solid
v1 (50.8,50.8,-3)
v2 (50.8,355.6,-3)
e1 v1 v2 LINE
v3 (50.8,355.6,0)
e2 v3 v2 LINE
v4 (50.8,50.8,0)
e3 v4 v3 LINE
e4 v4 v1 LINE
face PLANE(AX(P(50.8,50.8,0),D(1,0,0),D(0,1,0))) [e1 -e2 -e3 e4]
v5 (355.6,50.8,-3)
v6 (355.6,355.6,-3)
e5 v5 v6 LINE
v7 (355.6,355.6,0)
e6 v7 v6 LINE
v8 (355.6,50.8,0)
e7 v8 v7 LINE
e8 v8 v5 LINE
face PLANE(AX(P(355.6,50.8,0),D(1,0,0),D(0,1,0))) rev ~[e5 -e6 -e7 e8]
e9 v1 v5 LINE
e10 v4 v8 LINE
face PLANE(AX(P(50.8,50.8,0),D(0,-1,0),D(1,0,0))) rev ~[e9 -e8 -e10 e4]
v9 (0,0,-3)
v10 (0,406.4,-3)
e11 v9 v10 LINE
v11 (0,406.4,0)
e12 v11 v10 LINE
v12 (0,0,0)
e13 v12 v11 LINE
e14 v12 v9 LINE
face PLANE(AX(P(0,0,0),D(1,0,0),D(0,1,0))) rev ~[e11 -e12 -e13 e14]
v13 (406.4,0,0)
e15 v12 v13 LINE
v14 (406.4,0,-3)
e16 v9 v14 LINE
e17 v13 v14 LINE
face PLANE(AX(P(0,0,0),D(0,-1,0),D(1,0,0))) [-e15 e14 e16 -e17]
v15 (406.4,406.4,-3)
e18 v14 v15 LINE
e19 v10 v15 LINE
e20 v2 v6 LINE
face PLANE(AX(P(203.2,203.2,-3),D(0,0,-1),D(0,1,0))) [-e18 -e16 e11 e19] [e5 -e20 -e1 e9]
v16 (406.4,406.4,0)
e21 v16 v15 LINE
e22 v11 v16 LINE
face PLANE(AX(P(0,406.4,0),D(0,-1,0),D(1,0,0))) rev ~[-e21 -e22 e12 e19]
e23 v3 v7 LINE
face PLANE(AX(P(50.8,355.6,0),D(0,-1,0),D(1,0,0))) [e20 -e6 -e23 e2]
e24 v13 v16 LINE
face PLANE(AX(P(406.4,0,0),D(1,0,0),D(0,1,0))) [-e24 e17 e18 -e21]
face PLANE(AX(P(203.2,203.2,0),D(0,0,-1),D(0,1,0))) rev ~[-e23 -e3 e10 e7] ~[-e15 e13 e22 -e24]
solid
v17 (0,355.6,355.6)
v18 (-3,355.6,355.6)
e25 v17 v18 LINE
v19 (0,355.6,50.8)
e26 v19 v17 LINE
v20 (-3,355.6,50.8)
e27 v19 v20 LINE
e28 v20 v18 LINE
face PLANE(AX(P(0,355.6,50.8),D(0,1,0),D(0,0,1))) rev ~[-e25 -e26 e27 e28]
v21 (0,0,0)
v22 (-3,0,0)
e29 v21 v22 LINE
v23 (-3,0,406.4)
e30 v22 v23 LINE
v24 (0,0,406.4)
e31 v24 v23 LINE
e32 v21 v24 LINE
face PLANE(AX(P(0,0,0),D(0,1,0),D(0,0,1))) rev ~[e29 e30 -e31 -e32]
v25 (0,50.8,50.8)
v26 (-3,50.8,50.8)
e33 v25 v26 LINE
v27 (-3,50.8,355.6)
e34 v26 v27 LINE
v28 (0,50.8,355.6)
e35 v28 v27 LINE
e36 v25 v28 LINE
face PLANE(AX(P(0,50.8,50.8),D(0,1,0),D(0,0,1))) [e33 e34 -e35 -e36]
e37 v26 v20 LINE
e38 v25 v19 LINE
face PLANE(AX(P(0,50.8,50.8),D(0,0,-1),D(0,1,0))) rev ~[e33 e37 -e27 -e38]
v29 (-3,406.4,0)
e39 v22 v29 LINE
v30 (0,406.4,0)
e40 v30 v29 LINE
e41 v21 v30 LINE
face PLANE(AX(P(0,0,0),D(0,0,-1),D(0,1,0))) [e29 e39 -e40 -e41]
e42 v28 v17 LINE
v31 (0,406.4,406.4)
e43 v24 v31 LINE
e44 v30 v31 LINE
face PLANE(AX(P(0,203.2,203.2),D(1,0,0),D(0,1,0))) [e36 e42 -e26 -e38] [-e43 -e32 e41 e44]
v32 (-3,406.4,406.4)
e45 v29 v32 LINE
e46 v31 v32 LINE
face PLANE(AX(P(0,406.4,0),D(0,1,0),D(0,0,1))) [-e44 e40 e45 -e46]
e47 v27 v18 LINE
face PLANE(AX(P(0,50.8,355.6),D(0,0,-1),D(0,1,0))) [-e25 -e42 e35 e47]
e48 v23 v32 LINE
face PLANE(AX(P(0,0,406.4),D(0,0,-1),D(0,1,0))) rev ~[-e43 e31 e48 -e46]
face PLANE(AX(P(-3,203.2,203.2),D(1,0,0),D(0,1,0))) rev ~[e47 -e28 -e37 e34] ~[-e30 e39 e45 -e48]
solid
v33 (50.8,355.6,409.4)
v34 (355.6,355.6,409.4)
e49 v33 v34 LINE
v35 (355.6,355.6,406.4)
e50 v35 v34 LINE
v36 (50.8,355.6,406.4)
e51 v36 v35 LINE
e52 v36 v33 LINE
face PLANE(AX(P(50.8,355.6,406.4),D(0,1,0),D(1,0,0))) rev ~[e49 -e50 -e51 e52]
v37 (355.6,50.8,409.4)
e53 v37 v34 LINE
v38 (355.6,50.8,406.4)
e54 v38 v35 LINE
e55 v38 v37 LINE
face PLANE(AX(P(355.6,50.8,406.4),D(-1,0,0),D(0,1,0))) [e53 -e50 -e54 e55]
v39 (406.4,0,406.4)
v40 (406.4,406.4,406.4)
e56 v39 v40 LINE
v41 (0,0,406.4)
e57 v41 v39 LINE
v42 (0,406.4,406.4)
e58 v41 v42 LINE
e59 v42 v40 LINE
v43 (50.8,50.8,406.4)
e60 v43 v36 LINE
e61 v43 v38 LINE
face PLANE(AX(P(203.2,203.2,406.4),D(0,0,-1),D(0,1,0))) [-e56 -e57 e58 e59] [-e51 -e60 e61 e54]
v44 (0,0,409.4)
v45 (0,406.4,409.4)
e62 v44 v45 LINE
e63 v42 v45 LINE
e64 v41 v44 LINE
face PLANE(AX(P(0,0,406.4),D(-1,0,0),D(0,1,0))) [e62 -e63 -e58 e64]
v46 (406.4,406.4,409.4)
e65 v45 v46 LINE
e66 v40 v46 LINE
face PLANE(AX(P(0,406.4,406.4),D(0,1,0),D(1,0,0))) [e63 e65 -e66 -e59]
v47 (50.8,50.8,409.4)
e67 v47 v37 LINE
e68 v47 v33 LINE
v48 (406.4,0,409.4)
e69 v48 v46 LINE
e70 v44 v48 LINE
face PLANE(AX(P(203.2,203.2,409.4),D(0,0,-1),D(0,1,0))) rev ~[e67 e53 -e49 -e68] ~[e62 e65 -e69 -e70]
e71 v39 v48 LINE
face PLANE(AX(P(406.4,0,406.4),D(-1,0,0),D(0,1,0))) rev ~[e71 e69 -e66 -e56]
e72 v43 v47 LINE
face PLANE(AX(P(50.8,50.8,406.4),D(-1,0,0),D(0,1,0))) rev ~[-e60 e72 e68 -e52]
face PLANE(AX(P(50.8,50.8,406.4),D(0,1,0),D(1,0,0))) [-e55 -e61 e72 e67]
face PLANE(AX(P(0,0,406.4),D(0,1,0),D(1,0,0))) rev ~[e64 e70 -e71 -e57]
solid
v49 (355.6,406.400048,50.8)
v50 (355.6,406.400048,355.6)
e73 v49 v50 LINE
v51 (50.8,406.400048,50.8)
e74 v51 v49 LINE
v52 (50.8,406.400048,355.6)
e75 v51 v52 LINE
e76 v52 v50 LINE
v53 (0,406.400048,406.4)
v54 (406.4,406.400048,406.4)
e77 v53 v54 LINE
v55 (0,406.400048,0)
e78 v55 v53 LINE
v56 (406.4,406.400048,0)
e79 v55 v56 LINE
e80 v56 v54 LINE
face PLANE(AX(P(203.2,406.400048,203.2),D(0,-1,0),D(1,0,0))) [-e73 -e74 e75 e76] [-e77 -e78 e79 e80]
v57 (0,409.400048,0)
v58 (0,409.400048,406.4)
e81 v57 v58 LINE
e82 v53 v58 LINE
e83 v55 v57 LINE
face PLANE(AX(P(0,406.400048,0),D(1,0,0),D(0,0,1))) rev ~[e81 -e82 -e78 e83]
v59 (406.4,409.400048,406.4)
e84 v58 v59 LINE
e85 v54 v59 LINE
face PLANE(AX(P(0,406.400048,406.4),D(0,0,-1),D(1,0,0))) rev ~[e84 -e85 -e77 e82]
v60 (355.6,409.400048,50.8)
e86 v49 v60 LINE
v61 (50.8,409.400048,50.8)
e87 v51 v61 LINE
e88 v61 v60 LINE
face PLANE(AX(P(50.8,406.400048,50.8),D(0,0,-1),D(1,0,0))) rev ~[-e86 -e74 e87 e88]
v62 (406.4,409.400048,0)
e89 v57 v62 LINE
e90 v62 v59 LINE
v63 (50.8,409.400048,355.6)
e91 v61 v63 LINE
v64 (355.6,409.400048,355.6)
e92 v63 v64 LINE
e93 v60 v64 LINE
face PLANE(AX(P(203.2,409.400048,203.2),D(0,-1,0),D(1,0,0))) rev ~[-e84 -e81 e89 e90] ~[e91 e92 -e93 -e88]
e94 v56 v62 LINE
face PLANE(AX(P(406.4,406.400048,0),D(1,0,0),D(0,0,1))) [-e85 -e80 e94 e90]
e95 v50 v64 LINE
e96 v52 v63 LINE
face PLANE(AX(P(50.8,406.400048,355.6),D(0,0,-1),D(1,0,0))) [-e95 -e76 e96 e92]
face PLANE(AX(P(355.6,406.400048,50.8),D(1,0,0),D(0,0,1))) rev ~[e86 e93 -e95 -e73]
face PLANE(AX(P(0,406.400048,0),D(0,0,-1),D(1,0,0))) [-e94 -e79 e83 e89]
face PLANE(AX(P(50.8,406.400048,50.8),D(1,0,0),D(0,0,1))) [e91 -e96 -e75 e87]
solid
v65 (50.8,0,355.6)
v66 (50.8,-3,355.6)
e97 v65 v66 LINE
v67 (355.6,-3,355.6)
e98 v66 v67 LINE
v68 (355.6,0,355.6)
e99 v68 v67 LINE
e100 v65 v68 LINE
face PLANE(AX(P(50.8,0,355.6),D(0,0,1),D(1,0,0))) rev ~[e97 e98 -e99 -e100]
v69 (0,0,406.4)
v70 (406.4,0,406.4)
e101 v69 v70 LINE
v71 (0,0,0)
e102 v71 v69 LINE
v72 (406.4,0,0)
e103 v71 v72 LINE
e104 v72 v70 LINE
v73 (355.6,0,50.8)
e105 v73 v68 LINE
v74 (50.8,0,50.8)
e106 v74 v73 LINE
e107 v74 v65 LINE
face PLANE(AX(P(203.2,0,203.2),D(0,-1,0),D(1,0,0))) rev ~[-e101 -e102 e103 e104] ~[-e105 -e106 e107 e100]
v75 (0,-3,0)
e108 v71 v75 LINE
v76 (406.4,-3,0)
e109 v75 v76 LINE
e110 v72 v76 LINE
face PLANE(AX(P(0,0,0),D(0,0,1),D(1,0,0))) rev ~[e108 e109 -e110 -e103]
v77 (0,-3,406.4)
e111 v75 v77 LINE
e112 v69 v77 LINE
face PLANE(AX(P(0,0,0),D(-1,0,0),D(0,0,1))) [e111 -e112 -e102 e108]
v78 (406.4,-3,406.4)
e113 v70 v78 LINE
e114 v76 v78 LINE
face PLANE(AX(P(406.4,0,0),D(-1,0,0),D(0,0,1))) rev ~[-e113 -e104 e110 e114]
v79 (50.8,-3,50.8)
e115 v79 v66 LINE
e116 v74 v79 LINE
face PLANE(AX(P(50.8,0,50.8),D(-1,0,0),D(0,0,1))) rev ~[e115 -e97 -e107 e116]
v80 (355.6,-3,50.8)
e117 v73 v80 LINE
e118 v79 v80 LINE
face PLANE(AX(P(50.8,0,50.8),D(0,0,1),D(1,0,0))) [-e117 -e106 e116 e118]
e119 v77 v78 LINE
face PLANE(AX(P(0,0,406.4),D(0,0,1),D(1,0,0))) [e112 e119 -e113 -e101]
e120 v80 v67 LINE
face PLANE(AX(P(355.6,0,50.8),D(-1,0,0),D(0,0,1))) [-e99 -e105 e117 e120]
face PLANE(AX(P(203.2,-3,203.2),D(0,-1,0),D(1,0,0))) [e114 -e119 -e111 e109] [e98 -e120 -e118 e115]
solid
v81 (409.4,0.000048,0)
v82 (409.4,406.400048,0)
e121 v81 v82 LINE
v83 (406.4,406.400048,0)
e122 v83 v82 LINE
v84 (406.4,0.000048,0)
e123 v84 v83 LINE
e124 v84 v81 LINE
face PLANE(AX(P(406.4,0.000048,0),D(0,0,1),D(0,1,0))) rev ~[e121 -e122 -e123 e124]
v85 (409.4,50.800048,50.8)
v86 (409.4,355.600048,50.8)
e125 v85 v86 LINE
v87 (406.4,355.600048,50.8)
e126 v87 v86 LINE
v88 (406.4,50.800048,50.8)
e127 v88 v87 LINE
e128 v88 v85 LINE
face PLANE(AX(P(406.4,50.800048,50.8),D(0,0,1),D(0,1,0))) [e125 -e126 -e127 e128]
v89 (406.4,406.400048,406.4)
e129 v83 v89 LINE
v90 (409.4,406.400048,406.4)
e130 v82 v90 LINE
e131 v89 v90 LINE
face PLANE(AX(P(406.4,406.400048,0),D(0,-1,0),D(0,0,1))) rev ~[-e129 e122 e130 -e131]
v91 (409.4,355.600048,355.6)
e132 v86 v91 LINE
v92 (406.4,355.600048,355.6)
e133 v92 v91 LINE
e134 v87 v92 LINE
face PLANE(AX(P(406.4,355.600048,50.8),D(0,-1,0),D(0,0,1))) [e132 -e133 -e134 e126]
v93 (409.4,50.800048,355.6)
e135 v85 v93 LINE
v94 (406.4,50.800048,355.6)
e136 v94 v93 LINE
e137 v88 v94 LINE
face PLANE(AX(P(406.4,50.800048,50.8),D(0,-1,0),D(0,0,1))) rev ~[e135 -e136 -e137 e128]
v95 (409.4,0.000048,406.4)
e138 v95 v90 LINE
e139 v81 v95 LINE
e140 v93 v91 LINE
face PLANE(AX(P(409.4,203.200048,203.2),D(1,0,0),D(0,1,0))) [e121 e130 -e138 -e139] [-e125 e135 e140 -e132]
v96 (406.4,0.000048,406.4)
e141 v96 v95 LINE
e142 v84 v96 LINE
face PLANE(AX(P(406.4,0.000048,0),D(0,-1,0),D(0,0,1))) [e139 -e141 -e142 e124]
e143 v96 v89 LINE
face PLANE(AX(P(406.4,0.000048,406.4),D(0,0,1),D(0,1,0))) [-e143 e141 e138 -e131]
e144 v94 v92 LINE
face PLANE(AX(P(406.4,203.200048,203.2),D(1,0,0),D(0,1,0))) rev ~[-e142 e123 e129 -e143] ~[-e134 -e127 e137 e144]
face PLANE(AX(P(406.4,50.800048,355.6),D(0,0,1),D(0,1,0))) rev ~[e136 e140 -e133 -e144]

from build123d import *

# Parameters (mm, degrees)
SKETCH001_W   = 406.4
SKETCH001_H   = 406.4
SKETCH001_W_2 = 304.8
SKETCH001_H_2 = 304.8
PAD_DEPTH     = 3
SKETCH005_W   = 406.4
SKETCH005_H   = 406.4
SKETCH005_W_2 = 304.8
SKETCH005_H_2 = 304.8
PAD001_DEPTH  = 3
SKETCH002_W   = 406.4
SKETCH002_H   = 406.4
SKETCH002_W_2 = 304.8
SKETCH002_H_2 = 304.8
PAD002_DEPTH  = 3
SKETCH_W      = 406.4
SKETCH_H      = 406.4
SKETCH_W_2    = 304.8
SKETCH_H_2    = 304.8
PAD003_DEPTH  = 3
SKETCH004_W   = 406.4
SKETCH004_H   = 406.4
SKETCH004_W_2 = 304.8
SKETCH004_H_2 = 304.8
PAD004_DEPTH  = 3
SKETCH003_W   = 406.4
SKETCH003_H   = 406.4
SKETCH003_W_2 = 304.8
SKETCH003_H_2 = 304.8
PAD005_DEPTH  = 3


with BuildPart() as pad:
    # Sketch001 → Pad (new body)
    with BuildSketch(Plane(origin=(0, 0, 406.4), x_dir=(0, 1, 0), z_dir=(0, 0, -1))):
        with Locations((203.2, 203.2)):
            Rectangle(SKETCH001_W, SKETCH001_H)
        with Locations((203.2, 203.2)):
            Rectangle(SKETCH001_W_2, SKETCH001_H_2, mode=Mode.SUBTRACT)
    extrude(amount=-PAD_DEPTH)


with BuildPart() as pad001:
    # Sketch005 → Pad001 (new body)
    with BuildSketch(Plane.XZ):
        with Locations((203.2, 203.2)):
            Rectangle(SKETCH005_W, SKETCH005_H)
        with Locations((203.2, 203.2)):
            Rectangle(SKETCH005_W_2, SKETCH005_H_2, mode=Mode.SUBTRACT)
    extrude(amount=PAD001_DEPTH)


with BuildPart() as pad002:
    # Sketch002 → Pad002 (new body)
    with BuildSketch(Plane(origin=(406.4, 4.8e-05, 0), x_dir=(0, 1, 0), z_dir=(1, 0, 0))):
        with Locations((203.2, 203.2)):
            Rectangle(SKETCH002_W, SKETCH002_H)
        with Locations((203.2, 203.2)):
            Rectangle(SKETCH002_W_2, SKETCH002_H_2, mode=Mode.SUBTRACT)
    extrude(amount=PAD002_DEPTH)


with BuildPart() as pad003:
    # Sketch → Pad003 (new body)
    with BuildSketch(Plane.XZ.offset(-406.400048)):
        with Locations((203.2, 203.2)):
            Rectangle(SKETCH_W, SKETCH_H)
        with Locations((203.2, 203.2)):
            Rectangle(SKETCH_W_2, SKETCH_H_2, mode=Mode.SUBTRACT)
    extrude(amount=-PAD003_DEPTH)


with BuildPart() as pad004:
    # Sketch004 → Pad004 (new body)
    with BuildSketch(Plane.YZ):
        with Locations((203.2, 203.2)):
            Rectangle(SKETCH004_W, SKETCH004_H)
        with Locations((203.2, 203.2)):
            Rectangle(SKETCH004_W_2, SKETCH004_H_2, mode=Mode.SUBTRACT)
    extrude(amount=-PAD004_DEPTH)


with BuildPart() as pad005:
    # Sketch003 → Pad005 (new body)
    with BuildSketch(Plane(origin=(0, 0, 0), x_dir=(0, 1, 0), z_dir=(0, 0, -1))):
        with Locations((203.2, 203.2)):
            Rectangle(SKETCH003_W, SKETCH003_H)
        with Locations((203.2, 203.2)):
            Rectangle(SKETCH003_W_2, SKETCH003_H_2, mode=Mode.SUBTRACT)
    extrude(amount=PAD005_DEPTH)


solid = Compound([pad.part, pad001.part, pad002.part, pad003.part, pad004.part, pad005.part])
